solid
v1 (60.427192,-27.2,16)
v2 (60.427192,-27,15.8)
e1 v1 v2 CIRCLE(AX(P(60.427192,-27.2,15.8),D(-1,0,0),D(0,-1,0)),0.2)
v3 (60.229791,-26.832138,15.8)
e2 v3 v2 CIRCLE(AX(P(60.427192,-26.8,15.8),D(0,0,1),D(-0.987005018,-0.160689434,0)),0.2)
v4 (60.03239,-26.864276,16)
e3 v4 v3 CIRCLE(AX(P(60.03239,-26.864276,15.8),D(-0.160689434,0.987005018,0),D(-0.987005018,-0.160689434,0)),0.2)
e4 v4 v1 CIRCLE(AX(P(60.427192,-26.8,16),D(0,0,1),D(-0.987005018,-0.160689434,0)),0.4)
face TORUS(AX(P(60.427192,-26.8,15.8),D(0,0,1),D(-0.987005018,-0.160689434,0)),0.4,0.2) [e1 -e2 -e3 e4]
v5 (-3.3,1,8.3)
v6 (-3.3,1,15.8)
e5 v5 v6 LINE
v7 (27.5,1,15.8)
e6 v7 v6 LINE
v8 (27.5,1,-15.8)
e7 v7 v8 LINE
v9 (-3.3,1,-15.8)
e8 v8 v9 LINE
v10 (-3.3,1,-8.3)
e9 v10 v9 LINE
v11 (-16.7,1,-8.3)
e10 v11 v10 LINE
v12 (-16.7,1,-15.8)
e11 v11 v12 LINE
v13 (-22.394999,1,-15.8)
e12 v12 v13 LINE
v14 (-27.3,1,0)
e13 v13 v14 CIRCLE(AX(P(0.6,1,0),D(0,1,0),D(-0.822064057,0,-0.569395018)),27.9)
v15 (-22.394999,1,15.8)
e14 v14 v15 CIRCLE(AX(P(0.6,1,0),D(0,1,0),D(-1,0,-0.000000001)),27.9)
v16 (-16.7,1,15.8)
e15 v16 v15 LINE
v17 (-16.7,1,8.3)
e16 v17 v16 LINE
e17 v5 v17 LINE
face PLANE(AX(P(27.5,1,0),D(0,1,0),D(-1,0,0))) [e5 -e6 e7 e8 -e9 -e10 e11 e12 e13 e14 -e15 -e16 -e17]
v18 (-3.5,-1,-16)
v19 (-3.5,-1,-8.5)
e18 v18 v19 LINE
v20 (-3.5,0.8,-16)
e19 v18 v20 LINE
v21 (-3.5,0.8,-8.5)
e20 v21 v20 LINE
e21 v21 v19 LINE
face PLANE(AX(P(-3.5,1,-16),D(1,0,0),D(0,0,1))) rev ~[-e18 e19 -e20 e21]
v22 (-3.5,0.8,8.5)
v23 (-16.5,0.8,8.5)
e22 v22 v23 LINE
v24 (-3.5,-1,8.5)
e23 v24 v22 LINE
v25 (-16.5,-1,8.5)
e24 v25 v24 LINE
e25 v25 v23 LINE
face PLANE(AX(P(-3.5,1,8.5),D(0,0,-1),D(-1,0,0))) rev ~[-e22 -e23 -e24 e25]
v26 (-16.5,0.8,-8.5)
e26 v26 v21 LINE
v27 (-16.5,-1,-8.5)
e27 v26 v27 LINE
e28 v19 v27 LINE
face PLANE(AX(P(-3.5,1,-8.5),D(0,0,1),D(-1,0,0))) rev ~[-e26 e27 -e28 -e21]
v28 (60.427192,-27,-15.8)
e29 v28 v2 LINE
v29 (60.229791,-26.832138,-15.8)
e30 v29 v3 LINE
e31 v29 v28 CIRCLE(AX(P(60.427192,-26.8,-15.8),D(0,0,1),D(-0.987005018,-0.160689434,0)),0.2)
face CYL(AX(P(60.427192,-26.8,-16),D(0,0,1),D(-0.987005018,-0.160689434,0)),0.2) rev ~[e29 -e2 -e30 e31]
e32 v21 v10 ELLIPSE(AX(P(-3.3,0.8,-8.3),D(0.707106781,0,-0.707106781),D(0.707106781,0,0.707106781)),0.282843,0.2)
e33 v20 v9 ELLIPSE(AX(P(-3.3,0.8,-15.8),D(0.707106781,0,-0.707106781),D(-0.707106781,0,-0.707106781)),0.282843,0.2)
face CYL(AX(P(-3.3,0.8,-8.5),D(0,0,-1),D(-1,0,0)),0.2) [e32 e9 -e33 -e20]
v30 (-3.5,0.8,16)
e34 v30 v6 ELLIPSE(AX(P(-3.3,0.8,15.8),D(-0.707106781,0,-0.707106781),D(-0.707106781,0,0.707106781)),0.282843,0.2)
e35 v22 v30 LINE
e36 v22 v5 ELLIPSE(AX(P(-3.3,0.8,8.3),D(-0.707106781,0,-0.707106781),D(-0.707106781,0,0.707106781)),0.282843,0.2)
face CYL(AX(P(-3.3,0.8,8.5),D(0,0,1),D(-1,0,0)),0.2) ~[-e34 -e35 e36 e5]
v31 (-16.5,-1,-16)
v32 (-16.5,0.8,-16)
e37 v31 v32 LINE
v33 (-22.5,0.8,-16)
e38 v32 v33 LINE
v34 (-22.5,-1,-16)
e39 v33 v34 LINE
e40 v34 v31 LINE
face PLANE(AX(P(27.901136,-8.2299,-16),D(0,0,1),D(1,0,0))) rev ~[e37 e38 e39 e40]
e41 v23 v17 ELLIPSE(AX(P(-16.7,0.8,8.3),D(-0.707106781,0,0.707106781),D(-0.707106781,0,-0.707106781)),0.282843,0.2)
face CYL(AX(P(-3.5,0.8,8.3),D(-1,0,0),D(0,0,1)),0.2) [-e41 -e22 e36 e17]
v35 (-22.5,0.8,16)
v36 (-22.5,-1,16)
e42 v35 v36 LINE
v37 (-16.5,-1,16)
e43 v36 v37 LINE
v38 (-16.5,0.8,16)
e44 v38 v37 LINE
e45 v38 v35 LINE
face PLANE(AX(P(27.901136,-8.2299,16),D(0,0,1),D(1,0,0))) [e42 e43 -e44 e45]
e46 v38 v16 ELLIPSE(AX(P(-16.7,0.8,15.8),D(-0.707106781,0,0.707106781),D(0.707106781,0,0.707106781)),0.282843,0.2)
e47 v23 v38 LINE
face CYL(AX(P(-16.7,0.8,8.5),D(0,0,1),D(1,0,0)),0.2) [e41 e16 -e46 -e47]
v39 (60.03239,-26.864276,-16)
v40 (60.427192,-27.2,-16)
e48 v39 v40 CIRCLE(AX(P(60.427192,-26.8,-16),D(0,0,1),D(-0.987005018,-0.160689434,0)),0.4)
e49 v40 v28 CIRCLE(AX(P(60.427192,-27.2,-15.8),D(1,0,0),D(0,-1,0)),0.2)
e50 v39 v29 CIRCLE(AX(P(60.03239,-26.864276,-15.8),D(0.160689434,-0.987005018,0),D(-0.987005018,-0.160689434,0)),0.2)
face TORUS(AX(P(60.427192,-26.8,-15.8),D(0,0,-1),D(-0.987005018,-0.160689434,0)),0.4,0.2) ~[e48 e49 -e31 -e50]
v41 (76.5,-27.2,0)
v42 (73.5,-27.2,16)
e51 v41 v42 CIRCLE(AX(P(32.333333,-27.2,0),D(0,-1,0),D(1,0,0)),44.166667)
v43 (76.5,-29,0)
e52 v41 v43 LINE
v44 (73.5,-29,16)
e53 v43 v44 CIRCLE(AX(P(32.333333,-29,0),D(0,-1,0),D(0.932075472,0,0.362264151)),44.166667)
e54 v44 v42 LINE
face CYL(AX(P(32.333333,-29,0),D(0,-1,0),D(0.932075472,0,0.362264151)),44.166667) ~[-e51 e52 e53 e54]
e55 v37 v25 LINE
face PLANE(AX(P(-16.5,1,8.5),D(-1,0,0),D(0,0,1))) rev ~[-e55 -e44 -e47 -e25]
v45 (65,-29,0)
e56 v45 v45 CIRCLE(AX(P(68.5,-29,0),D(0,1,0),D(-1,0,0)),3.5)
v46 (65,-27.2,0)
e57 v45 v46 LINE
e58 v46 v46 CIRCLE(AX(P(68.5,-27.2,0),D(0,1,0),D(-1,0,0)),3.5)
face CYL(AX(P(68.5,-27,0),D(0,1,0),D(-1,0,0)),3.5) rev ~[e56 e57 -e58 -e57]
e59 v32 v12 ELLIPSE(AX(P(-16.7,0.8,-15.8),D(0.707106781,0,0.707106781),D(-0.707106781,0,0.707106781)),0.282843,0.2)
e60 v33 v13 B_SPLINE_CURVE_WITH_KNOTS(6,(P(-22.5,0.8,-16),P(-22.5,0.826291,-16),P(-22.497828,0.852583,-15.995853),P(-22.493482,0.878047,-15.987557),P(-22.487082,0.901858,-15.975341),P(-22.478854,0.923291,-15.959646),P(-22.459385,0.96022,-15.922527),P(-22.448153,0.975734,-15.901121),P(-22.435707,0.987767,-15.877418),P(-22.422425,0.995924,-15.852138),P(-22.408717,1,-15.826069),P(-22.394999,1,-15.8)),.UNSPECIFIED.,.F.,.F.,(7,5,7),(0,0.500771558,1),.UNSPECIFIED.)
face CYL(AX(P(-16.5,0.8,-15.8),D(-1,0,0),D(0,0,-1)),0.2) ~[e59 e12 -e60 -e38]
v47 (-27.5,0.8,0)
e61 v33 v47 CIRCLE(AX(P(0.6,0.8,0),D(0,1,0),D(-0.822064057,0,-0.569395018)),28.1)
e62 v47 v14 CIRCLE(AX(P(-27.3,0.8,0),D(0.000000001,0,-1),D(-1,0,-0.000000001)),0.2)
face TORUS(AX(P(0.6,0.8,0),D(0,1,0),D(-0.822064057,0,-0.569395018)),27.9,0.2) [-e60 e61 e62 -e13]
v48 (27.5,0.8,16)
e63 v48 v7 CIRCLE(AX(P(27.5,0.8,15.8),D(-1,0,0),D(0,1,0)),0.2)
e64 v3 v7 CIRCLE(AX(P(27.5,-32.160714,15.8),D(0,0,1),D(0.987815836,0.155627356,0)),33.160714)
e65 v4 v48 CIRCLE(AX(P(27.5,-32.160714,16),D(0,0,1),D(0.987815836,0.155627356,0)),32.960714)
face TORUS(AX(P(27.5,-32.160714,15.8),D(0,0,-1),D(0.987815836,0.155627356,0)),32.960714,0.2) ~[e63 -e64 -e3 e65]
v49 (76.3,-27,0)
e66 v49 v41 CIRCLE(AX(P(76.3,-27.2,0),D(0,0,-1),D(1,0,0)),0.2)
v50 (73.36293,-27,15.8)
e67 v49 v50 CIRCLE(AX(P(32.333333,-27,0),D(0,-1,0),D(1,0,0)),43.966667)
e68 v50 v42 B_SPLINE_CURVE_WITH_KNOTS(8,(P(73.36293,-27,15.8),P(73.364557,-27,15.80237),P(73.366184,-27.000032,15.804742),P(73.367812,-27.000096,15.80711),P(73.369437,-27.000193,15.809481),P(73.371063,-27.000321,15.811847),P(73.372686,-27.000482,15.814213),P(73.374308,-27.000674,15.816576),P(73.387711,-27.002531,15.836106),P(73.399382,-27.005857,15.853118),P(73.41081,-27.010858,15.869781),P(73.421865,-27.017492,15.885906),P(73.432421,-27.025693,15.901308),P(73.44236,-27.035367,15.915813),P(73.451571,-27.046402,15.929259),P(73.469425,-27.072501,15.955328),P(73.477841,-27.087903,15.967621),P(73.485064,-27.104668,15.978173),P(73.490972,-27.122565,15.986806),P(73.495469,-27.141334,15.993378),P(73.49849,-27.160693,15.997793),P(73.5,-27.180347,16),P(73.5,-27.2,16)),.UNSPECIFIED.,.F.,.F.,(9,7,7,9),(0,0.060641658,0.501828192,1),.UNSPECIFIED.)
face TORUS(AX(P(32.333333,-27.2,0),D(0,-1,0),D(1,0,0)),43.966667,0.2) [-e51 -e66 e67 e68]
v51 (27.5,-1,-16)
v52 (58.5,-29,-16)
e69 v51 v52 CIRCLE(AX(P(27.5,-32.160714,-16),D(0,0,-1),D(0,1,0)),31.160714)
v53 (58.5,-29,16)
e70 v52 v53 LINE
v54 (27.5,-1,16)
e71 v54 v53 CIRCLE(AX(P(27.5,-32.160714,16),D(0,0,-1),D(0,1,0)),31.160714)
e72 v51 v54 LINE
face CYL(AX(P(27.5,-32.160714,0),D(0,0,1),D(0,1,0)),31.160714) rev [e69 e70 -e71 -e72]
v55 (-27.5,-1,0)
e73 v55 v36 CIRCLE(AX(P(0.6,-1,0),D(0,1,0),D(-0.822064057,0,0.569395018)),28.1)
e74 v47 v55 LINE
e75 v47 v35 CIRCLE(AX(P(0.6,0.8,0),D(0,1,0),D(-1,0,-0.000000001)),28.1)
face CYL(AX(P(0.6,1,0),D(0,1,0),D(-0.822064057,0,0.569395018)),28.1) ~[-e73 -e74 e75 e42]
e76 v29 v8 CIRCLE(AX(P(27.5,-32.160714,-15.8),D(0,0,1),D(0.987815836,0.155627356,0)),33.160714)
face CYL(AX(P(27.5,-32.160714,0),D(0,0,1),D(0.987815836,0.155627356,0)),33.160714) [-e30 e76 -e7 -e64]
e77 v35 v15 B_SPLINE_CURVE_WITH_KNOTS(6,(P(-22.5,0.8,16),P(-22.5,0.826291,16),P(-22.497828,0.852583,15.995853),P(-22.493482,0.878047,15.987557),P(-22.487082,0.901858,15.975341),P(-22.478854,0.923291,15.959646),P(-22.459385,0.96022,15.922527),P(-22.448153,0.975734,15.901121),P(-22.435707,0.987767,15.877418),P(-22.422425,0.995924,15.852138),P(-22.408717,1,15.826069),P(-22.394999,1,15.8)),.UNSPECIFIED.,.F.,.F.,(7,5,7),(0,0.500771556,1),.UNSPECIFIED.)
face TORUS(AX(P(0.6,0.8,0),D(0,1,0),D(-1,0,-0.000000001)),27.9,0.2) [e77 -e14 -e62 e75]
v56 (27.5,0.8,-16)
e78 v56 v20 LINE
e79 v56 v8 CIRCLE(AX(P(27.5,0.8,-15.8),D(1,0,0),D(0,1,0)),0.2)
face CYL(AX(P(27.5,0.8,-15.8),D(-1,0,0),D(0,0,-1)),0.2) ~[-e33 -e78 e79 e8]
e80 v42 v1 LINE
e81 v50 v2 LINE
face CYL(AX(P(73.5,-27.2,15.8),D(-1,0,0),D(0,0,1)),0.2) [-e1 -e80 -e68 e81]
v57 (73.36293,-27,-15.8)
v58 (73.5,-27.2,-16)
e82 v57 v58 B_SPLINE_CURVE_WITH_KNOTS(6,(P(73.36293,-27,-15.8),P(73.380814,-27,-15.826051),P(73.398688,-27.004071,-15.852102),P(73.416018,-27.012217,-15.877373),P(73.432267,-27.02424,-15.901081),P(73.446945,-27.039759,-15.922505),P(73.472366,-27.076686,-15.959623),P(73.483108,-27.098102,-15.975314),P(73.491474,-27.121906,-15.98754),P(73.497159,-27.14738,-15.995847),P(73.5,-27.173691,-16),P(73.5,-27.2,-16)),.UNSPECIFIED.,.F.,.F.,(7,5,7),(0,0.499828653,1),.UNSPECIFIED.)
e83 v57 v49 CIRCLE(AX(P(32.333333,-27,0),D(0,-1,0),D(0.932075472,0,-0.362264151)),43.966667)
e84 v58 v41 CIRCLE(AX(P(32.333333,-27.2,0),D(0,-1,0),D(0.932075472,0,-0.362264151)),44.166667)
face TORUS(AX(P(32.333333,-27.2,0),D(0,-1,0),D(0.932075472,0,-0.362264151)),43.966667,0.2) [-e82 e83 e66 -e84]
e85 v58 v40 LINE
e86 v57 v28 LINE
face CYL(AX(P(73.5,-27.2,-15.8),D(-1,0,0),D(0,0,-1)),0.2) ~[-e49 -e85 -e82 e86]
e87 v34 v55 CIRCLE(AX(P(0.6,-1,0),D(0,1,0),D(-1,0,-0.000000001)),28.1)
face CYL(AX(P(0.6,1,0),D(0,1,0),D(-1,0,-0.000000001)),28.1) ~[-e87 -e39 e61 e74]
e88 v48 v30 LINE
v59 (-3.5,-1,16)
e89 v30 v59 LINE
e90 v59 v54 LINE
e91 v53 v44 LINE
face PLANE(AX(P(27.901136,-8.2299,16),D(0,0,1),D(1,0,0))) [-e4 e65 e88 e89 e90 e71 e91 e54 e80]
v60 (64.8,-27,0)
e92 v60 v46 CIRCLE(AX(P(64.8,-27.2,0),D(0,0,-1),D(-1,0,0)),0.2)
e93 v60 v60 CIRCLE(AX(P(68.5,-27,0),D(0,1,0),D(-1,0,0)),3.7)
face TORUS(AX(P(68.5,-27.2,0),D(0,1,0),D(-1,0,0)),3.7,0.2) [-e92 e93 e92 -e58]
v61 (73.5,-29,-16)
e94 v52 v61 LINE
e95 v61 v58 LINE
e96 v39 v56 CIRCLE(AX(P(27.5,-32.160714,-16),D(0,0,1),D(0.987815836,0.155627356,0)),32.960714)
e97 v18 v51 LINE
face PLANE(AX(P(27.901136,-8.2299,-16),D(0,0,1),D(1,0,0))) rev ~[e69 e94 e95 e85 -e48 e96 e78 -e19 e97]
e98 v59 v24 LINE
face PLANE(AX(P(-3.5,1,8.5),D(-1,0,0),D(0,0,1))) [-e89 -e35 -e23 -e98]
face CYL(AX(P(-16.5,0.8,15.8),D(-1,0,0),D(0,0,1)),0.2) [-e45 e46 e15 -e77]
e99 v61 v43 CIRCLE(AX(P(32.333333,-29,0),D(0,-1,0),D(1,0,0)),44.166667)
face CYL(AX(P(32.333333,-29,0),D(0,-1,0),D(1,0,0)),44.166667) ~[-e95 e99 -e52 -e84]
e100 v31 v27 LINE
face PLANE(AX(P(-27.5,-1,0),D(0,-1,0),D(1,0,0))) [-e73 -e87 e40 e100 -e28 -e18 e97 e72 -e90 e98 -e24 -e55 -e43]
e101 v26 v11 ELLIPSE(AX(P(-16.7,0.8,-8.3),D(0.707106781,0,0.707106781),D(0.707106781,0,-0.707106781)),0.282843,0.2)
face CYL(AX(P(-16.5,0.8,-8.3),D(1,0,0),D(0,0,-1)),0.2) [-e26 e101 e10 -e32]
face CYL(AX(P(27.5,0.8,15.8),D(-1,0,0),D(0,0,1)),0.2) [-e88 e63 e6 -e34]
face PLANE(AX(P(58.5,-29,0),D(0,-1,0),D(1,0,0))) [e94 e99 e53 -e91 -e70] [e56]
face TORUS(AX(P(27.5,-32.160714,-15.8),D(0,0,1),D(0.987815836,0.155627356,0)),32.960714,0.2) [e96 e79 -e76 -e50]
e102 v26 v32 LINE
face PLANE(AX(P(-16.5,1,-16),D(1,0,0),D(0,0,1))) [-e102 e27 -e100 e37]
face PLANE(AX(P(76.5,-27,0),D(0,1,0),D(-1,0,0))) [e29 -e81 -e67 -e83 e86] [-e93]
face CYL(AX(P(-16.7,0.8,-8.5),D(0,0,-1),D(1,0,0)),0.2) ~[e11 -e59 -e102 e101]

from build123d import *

# Parameters (mm, degrees)
F1_DEPTH = 16
F3_DEPTH = 12.5
F5_DEPTH = 12.5
F6_W     = 13
F6_H     = 7.5
F7_DEPTH = 12.5
F8_R     = 3.5
F9_DEPTH = 12.5
F10_R    = 0.2


with BuildPart() as f1:
    # F0 (on Top) → F1 (new body, symmetric)
    with BuildSketch(Plane.XY):
        with BuildLine():
            Line((-27.5, -1), (27.5, -1))
            ThreePointArc((27.5, -1), (48.3865985742, -9.0362658643), (58.5, -29))
            Line((58.5, -29), (76.5, -29))
            Line((76.5, -29), (76.5, -27))
            Line((76.5, -27), (60.2566787083, -27))
            ThreePointArc((60.2566787083, -27), (49.0464614264, -6.9539102055), (27.5, 1))
            Line((27.5, 1), (-27.5, 1))
            Line((-27.5, 1), (-27.5, -1))
        make_face()
    extrude(amount=F1_DEPTH, both=True)

    # F2 (on face) → F3 (cut, symmetric)
    with BuildSketch(Plane.XZ.offset(29)):
        with BuildLine():
            Line((76.5, 0), (76.5, 16))
            Line((76.5, 16), (73.5, 16))
            ThreePointArc((73.5, 16), (75.7435215896, 8.139410298), (76.5, 0))
        make_face()
        with BuildLine():
            Line((76.5, -16), (76.5, 0))
            ThreePointArc((76.5, 0), (75.7435215896, -8.139410298), (73.5, -16))
            Line((73.5, -16), (76.5, -16))
        make_face()
    extrude(amount=F3_DEPTH, both=True, mode=Mode.SUBTRACT)

    # F4 (on face) → F5 (cut, symmetric)
    with BuildSketch(Plane(origin=(0, 1, 0), x_dir=(-1, 0, 0), z_dir=(0, 1, 0))):
        with BuildLine():
            Line((27.5, -16), (27.5, -3.42e-08))
            ThreePointArc((27.5, -3.42e-08), (26.2208873777, -8.3815273234), (22.5, -16))
            Line((22.5, -16), (27.5, -16))
        make_face()
        with BuildLine():
            Line((27.5, -3.42e-08), (27.5, 16))
            Line((27.5, 16), (22.5, 16))
            ThreePointArc((22.5, 16), (26.2208873879, 8.3815272908), (27.5, -3.42e-08))
        make_face()
    extrude(amount=F5_DEPTH, both=True, mode=Mode.SUBTRACT)

    # F6 (on face) → F7 (cut, symmetric)
    with BuildSketch(Plane(origin=(0, 1, 0), x_dir=(-1, 0, 0), z_dir=(0, 1, 0))):
        with Locations((10, -12.25)):
            Rectangle(F6_W, F6_H)
        with Locations((10, 12.25)):
            Rectangle(F6_W, F6_H)
    extrude(amount=F7_DEPTH, both=True, mode=Mode.SUBTRACT)

    # F8 (on face) → F9 (cut, symmetric)
    with BuildSketch(Plane(origin=(0, -27, 0), x_dir=(-1, 0, 0), z_dir=(0, 1, 0))):
        with Locations((-68.5, 0)):
            Circle(F8_R)
    extrude(amount=F9_DEPTH, both=True, mode=Mode.SUBTRACT)

    # F10
    f10_edges = [f1.edges().sort_by_distance(p)[0] for p in [
        (76.5, -27, 0),
        (66.878339, -27, 16),
        (66.878339, -27, -16),
        (60.256679, -27, 0),
        (72, -27, 0),
        (49.046461, -6.95391, -16),
        (27.5, 1, 0),
        (49.046461, -6.95391, 16),
        (12, 1, 16),
        (-3.5, 1, 12.25),
        (-10, 1, 8.5),
        (-16.5, 1, 12.25),
        (-19.5, 1, 16),
        (-27.5, 1, 0),
        (-19.5, 1, -16),
        (-16.5, 1, -12.25),
        (-10, 1, -8.5),
        (-3.5, 1, -12.25),
        (12, 1, -16),
    ]]
    fillet(f10_edges, radius=F10_R)


solid = f1.part
